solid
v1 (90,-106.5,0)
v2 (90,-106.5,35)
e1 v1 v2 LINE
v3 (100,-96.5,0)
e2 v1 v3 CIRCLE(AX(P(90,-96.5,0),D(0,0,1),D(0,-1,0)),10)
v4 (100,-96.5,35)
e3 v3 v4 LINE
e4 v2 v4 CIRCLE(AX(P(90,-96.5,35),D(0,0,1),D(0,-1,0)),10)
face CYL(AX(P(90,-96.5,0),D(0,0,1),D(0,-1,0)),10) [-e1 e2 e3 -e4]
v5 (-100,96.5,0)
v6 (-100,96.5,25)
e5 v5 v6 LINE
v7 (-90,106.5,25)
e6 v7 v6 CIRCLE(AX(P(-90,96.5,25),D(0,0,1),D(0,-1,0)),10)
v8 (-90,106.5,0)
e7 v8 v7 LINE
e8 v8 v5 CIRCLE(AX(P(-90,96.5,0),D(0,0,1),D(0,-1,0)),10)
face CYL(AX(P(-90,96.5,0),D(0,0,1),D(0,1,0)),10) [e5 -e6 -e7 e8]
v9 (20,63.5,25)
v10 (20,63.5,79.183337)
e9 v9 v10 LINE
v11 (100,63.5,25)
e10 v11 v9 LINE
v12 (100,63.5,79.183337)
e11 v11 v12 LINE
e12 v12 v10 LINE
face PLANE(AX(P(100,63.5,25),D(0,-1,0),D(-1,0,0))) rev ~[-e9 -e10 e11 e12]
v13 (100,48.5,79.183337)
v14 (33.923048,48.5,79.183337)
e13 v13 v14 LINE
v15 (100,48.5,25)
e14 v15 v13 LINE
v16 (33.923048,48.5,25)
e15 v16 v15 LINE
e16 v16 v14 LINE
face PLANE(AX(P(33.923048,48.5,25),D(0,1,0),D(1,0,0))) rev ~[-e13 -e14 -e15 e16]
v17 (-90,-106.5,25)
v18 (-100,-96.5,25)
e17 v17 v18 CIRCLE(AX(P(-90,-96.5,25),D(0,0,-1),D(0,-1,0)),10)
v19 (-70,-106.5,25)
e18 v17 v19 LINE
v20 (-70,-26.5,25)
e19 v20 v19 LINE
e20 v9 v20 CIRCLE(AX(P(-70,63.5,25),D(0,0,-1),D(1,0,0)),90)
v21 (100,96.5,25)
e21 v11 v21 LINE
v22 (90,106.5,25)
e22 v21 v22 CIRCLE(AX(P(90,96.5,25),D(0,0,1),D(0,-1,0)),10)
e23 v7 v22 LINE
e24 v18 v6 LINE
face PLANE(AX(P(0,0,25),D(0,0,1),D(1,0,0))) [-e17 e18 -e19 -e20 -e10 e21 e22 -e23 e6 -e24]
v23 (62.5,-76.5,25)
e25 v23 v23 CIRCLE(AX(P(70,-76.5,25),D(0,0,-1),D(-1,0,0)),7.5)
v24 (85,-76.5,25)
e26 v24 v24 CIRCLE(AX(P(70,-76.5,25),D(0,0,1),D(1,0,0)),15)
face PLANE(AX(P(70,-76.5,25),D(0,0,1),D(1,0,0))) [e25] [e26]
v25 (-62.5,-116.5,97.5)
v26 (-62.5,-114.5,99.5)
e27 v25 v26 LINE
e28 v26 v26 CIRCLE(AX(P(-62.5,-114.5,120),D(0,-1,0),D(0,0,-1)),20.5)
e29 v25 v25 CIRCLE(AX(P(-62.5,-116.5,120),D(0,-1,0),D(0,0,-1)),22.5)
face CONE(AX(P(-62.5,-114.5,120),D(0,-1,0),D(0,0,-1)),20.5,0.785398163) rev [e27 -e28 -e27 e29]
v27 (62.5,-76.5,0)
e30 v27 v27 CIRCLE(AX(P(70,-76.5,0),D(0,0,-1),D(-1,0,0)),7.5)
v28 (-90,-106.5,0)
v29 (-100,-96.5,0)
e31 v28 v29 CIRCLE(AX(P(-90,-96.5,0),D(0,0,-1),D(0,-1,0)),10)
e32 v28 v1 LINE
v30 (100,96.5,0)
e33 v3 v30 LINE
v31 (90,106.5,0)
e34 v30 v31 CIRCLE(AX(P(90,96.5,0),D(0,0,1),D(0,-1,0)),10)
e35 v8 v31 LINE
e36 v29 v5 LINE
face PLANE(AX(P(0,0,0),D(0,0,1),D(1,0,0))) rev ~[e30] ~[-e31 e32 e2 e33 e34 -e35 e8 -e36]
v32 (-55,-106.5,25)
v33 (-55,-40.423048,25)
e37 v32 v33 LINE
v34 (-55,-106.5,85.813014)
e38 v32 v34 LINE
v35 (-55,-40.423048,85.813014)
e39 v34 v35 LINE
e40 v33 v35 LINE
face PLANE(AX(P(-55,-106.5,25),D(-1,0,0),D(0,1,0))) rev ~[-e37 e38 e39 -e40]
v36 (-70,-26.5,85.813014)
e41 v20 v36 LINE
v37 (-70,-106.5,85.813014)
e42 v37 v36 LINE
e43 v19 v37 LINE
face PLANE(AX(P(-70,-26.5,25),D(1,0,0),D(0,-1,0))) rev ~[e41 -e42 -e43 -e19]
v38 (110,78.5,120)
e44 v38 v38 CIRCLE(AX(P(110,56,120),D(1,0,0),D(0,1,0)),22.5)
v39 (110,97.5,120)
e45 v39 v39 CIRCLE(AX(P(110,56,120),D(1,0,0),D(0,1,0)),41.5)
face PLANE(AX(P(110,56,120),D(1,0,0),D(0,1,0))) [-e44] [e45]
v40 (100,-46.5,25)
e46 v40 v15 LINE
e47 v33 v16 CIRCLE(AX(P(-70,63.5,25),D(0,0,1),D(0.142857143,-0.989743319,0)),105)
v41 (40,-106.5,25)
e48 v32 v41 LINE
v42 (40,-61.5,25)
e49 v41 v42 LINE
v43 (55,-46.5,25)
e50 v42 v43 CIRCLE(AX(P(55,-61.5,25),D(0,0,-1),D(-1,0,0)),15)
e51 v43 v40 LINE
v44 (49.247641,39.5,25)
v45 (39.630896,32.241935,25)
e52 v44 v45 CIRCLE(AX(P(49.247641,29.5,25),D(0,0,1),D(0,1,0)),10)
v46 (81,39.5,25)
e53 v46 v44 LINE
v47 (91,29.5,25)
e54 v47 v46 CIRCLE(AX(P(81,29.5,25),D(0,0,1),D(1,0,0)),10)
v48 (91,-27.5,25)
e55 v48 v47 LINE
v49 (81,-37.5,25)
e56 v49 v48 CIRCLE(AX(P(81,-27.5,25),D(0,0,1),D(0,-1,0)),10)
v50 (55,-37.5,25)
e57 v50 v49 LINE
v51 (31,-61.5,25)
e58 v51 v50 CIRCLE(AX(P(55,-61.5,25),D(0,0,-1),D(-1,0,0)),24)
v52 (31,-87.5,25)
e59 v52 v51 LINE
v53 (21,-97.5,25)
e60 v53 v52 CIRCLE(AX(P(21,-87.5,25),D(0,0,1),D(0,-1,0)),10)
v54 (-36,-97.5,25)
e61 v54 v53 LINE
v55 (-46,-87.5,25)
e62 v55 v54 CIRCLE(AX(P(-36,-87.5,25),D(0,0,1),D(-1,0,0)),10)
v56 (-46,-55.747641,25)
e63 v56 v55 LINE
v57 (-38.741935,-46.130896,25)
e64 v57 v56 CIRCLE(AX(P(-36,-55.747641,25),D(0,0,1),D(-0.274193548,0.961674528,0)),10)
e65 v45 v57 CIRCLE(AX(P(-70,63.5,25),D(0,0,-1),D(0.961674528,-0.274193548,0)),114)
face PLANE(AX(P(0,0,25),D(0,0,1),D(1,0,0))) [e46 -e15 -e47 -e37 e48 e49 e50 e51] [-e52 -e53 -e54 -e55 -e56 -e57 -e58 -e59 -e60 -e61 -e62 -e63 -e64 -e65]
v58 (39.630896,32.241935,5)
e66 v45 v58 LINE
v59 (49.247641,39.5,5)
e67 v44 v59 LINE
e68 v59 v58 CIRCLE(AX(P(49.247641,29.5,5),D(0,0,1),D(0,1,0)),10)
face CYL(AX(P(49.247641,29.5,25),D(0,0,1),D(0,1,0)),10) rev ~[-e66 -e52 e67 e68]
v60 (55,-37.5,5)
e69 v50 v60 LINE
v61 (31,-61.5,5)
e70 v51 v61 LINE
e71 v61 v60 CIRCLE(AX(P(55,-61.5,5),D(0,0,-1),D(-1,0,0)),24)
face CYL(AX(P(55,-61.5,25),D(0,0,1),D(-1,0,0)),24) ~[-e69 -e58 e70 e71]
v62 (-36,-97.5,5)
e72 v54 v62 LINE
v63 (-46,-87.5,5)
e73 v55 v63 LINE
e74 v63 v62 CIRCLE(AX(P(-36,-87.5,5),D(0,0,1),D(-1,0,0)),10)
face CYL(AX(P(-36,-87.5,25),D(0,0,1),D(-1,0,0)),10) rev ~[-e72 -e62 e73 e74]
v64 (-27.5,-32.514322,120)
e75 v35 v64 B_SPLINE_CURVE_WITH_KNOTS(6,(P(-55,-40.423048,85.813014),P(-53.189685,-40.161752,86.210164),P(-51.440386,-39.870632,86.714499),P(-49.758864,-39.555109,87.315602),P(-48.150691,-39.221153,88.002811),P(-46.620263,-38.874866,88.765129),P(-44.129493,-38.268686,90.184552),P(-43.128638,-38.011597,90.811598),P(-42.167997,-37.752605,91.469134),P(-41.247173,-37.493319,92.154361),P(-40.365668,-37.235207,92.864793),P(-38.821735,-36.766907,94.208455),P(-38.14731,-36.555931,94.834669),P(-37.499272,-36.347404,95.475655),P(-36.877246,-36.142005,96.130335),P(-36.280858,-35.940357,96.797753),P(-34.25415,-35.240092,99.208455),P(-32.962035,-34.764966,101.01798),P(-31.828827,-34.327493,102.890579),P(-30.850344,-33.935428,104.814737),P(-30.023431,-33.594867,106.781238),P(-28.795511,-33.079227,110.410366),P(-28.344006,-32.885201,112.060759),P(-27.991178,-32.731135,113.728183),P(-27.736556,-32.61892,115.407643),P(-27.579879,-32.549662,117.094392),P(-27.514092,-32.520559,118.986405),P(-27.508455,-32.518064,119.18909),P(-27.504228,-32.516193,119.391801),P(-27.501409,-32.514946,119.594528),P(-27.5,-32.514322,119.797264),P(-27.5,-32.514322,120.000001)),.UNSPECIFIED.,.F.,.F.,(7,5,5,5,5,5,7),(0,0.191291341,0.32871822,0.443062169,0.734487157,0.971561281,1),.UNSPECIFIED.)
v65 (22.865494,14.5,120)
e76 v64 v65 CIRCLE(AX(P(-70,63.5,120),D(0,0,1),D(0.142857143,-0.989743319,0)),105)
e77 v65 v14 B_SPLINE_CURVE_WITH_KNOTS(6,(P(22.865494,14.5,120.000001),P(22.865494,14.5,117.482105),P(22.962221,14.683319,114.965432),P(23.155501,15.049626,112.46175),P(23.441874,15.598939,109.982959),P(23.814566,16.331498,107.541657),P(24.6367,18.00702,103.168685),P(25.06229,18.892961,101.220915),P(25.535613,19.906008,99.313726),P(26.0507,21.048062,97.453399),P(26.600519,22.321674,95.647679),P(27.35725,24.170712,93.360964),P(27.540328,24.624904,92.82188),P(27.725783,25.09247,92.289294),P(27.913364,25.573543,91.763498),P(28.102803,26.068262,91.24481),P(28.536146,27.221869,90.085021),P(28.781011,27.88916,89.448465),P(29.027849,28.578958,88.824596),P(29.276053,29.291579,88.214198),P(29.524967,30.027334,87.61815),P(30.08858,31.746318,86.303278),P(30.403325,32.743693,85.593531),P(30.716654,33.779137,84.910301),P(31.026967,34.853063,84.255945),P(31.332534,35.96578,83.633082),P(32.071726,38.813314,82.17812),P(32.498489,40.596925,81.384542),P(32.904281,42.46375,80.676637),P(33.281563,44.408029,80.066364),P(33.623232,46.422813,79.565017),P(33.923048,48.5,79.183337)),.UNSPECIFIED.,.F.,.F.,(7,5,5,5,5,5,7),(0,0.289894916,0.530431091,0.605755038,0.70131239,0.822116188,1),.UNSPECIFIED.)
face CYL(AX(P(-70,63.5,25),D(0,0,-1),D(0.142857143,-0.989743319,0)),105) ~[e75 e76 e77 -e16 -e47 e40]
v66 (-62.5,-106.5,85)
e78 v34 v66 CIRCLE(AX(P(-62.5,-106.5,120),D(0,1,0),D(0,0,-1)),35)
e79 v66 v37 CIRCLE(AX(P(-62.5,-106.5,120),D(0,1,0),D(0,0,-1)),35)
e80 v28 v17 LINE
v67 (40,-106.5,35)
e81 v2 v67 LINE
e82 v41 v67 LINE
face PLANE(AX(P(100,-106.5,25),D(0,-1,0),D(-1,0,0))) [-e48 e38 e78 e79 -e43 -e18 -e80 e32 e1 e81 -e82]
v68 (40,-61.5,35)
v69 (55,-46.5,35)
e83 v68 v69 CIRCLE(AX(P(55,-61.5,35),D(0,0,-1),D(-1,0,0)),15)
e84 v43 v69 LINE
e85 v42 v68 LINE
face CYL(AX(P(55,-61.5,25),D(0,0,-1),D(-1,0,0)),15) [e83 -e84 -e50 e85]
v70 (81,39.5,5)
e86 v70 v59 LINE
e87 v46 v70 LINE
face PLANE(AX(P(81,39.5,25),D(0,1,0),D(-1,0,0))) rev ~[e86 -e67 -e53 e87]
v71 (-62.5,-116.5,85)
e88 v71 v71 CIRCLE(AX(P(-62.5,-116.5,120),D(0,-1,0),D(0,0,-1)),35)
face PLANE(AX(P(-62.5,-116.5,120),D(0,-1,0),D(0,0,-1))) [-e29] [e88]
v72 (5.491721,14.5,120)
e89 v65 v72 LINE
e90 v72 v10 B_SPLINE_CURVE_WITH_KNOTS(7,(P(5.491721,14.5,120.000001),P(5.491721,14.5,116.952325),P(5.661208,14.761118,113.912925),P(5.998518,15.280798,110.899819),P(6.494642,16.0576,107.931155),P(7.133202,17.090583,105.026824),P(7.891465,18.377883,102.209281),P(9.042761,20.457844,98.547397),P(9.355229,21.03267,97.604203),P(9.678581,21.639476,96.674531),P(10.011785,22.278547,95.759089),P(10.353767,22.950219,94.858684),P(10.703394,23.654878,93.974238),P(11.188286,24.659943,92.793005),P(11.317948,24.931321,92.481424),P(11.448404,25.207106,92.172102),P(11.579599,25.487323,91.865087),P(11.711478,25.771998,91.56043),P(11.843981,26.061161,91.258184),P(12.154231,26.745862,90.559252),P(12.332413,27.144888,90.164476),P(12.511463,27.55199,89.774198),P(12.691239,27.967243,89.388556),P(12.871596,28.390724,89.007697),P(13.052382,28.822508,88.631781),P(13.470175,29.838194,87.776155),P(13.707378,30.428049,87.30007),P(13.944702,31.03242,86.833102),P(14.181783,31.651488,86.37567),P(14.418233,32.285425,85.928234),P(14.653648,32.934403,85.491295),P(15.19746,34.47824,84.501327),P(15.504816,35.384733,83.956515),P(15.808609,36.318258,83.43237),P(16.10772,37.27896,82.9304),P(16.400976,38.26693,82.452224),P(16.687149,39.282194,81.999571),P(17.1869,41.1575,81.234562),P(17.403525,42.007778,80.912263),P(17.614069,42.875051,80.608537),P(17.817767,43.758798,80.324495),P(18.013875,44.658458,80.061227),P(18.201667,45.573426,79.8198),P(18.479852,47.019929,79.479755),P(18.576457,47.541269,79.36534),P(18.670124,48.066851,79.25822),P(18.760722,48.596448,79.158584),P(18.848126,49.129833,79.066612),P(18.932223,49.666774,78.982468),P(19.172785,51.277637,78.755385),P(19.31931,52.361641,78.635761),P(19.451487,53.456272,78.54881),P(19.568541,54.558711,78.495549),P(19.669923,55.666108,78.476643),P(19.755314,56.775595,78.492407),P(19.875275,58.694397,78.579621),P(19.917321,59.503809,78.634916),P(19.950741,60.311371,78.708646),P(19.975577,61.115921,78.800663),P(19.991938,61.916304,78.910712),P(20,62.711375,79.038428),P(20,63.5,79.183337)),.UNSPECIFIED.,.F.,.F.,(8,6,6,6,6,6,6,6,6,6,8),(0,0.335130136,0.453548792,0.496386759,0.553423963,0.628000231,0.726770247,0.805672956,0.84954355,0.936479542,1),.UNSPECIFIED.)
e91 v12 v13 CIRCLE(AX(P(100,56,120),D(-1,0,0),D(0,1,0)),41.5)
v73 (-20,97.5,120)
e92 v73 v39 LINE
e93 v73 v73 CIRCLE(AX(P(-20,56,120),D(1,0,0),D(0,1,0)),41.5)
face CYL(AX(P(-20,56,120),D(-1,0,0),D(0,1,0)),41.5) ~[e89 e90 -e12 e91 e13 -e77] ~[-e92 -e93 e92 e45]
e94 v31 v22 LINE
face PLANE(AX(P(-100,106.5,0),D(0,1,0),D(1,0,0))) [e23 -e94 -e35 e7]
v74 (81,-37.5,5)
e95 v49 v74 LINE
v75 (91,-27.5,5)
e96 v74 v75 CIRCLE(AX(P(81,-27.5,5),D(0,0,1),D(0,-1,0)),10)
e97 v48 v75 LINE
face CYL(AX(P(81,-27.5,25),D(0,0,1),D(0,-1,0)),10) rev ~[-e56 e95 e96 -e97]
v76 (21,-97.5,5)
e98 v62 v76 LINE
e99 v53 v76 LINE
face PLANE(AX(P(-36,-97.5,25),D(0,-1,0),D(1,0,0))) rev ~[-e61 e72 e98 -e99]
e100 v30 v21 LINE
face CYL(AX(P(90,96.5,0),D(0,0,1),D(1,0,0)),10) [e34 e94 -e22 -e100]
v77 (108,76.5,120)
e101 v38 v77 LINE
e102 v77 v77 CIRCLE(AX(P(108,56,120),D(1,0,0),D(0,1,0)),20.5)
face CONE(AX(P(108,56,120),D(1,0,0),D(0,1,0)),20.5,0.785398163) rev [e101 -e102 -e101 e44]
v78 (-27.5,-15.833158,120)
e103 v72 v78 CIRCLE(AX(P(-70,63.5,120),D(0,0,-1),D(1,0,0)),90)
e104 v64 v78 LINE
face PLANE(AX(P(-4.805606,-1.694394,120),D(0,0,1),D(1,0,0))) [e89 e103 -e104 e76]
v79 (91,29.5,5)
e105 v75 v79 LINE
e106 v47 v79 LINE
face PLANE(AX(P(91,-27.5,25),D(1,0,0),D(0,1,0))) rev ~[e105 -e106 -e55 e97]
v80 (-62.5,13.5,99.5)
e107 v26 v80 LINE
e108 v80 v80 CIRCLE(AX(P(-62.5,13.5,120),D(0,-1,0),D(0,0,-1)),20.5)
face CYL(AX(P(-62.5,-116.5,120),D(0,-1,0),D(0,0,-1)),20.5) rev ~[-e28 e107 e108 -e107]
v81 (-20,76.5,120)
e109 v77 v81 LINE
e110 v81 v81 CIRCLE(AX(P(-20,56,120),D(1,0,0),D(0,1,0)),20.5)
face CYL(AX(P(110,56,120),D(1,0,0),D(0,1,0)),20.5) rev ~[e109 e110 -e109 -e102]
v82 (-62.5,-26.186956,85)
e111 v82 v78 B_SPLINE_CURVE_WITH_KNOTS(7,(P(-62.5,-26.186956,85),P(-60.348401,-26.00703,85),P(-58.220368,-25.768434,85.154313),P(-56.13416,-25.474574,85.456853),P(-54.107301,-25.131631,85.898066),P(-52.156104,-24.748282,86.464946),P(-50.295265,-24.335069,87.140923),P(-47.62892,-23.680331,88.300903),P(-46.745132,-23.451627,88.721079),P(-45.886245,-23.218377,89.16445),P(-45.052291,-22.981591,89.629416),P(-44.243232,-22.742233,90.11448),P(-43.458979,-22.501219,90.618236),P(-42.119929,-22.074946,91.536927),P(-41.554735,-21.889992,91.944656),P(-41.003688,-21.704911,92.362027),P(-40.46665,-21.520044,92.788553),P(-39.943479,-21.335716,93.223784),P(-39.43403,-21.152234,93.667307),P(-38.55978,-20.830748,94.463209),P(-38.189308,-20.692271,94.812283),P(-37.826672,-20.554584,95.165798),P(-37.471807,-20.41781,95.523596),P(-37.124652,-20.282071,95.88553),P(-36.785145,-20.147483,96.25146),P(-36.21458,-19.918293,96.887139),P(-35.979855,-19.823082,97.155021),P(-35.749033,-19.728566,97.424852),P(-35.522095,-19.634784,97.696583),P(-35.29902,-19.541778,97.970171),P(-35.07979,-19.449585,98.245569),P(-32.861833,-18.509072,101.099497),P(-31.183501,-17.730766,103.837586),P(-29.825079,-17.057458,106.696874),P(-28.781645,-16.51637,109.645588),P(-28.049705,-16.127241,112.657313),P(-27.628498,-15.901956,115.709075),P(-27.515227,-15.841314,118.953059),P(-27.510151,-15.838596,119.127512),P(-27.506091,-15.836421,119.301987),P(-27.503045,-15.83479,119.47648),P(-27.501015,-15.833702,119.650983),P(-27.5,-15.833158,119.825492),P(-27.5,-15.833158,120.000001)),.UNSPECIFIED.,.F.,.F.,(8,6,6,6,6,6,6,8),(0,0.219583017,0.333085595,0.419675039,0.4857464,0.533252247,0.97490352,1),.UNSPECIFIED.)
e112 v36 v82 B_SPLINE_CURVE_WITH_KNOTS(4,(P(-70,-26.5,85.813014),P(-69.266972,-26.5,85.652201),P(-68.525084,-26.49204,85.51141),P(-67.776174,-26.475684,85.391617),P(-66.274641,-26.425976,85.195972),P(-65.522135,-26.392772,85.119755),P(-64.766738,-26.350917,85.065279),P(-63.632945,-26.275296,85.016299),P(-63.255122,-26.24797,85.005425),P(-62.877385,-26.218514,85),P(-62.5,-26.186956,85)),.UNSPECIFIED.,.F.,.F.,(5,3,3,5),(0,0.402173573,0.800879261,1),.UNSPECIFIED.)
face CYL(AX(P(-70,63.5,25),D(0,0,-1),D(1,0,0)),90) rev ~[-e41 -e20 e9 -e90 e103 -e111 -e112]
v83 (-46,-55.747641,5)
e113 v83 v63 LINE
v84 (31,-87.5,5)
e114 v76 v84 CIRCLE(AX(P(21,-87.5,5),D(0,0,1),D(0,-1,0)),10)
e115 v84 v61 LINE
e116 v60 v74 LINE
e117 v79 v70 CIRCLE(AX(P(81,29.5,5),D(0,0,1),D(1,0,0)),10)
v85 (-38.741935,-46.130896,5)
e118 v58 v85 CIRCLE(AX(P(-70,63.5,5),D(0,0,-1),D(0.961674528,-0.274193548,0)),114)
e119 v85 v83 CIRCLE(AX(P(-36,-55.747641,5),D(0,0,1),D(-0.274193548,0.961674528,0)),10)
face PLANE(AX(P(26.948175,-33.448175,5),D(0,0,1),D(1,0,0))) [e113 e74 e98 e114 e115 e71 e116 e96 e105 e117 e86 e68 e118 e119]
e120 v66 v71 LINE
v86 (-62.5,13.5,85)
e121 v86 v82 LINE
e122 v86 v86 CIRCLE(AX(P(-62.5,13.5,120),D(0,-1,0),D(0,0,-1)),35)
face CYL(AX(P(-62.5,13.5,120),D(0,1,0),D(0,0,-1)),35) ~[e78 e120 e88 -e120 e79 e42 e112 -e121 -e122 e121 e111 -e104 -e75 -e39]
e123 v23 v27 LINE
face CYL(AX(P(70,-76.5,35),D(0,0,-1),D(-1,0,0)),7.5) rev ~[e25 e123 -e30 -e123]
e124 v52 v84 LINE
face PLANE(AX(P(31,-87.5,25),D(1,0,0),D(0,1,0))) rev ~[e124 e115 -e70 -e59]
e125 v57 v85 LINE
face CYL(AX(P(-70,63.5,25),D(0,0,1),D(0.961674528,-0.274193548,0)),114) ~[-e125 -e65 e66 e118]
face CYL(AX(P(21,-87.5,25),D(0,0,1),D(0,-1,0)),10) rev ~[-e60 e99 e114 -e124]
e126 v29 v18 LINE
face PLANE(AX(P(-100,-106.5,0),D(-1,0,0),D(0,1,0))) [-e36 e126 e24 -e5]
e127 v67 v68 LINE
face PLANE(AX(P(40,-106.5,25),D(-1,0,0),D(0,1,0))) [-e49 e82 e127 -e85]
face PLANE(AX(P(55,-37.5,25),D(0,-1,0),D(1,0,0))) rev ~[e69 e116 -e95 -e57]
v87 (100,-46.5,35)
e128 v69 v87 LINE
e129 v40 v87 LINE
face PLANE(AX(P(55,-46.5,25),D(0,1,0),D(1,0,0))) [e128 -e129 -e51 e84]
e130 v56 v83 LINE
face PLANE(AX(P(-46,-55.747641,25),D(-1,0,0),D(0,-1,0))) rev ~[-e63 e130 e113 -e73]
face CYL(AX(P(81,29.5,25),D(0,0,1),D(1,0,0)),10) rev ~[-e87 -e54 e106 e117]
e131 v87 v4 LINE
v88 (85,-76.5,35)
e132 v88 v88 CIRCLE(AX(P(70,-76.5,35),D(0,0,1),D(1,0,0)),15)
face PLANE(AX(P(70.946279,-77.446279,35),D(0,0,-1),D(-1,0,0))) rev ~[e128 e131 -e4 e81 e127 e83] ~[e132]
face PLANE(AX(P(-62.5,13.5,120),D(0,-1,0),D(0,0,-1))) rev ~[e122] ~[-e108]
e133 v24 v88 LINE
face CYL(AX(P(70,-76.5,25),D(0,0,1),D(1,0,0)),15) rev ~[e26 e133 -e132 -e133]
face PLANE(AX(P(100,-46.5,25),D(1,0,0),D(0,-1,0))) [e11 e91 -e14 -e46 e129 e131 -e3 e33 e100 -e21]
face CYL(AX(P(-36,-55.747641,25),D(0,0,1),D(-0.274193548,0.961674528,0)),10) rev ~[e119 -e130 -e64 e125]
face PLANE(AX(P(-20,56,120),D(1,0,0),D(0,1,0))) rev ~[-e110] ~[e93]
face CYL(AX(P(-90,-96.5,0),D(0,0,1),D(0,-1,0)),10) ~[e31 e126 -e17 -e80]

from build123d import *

# Parameters (mm, degrees)
SKETCH1_W                               = 200
SKETCH1_H                               = 213
BOSS_EXTRUDE1_DEPTH                     = 25
BOSS_EXTRUDE2_DEPTH                     = 10
FILLET1_R                               = 10
EXTRUDE_THIN1_DEPTH                     = 95
BOSS_EXTRUDE3_DEPTH                     = 10
BOSS_EXTRUDE3_DEPTH_BACK                = 120
SKETCH5_R                               = 35
BOSS_EXTRUDE4_DEPTH                     = 10
BOSS_EXTRUDE4_DEPTH_BACK                = 120
SKETCH6_R                               = 41.5
CUT_EXTRUDE1_REACH                      = 298.498
SKETCH7_R                               = 20.5
CUT_EXTRUDE2_REACH                      = 291.404
SKETCH8_R                               = 20.5
CHAMFER1_SIZE                           = 2
CUT_EXTRUDE3_DEPTH                      = 20
CBORE_FOR_M8_HEX_HEAD_BOLT1_D           = 15
CBORE_FOR_M8_HEX_HEAD_BOLT1_CBORE_D     = 30
CBORE_FOR_M8_HEX_HEAD_BOLT1_CBORE_DEPTH = 10


with BuildPart() as part:
    # Sketch1 → Boss-Extrude1 (new body)
    with BuildSketch(Plane.XY):
        Rectangle(SKETCH1_W, SKETCH1_H)
    extrude(amount=BOSS_EXTRUDE1_DEPTH)

    # Sketch3 → Boss-Extrude2 (add)
    with BuildSketch(Plane.XY.offset(25)):
        with BuildLine():
            Line((100, -106.5), (40, -106.5))
            Line((40, -106.5), (40, -61.5))
            ThreePointArc((40, -61.5), (44.393398282, -50.893398282), (55, -46.5))
            Line((55, -46.5), (100, -46.5))
            Line((100, -46.5), (100, -106.5))
        make_face()
    extrude(amount=BOSS_EXTRUDE2_DEPTH)

    # Fillet1
    fillet1_edges = [part.edges().sort_by_distance(p)[0] for p in [
        (100, -106.5, 17.5),
        (-100, -106.5, 12.5),
        (-100, 106.5, 12.5),
        (100, 106.5, 12.5),
    ]]
    fillet(fillet1_edges, radius=FILLET1_R)

    # Sketch4 → Extrude-Thin1 (add)
    with BuildSketch(Plane.XY.offset(25)):
        with BuildLine():
            Line((100, 63.5), (20, 63.5))
            ThreePointArc((20, 63.5), (-6.360389693, -0.139610307), (-70, -26.5))
            Line((-70, -26.5), (-70, -106.5))
            Line((-70, -106.5), (-60, -106.5))
            Line((-60, -106.5), (-60, -35.998743711))
            ThreePointArc((-60, -35.998743711), (0.710678119, -7.210678119), (29.498743711, 53.5))
            Line((29.498743711, 53.5), (100, 53.5))
            Line((100, 53.5), (100, 63.5))
        make_face()
        with BuildLine():
            Line((-55, -106.5), (-55, -40.423048454))
            ThreePointArc((-55, -40.423048454), (4.246212025, -10.746212025), (33.923048454, 48.5))
            Line((33.923048454, 48.5), (100, 48.5))
            Line((100, 48.5), (100, 58.5))
            Line((100, 58.5), (24.868329805, 58.5))
            ThreePointArc((24.868329805, 58.5), (-2.824855787, -3.675144213), (-65, -31.368329805))
            Line((-65, -31.368329805), (-65, -106.5))
            Line((-65, -106.5), (-55, -106.5))
        make_face()
    extrude(amount=EXTRUDE_THIN1_DEPTH)

    # Sketch5 → Boss-Extrude3 (add, two sides: drawn at the far end of the back side and taken through both)
    with BuildSketch(Plane.XZ.offset(106.5).offset(-BOSS_EXTRUDE3_DEPTH_BACK)):
        with Locations(Location((-62.5, 120, 0), (0, 0, 270))):
            Circle(SKETCH5_R)
    extrude(amount=BOSS_EXTRUDE3_DEPTH + BOSS_EXTRUDE3_DEPTH_BACK)

    # Sketch6 → Boss-Extrude4 (add, two sides: drawn at the far end of the back side and taken through both)
    with BuildSketch(Plane(origin=(100, 0, 0), x_dir=(0, 0, -1), z_dir=(1, 0, 0)).offset(-BOSS_EXTRUDE4_DEPTH_BACK)):
        with Locations(Location((-120, 56, 0), (0, 0, 90))):
            Circle(SKETCH6_R)
    extrude(amount=BOSS_EXTRUDE4_DEPTH + BOSS_EXTRUDE4_DEPTH_BACK)

    # Sketch7 → Cut-Extrude1 (cut, up to next)
    with BuildSketch(Plane.XZ.offset(116.5), mode=Mode.PRIVATE) as cut_extrude1_sk1:
        with Locations(Location((-62.5, 120, 0), (0, 0, 270))):
            Circle(SKETCH7_R)
    cut_extrude1_tool1 = extrude(cut_extrude1_sk1.sketch, amount=-CUT_EXTRUDE1_REACH, mode=Mode.PRIVATE) & part.part
    add(cut_extrude1_tool1.solids().sort_by_distance((-62.5, -116.5, 120))[0], mode=Mode.SUBTRACT)

    # Sketch8 → Cut-Extrude2 (cut, up to next)
    with BuildSketch(Plane(origin=(110, 0, 0), x_dir=(0, 0, -1), z_dir=(1, 0, 0)), mode=Mode.PRIVATE) as cut_extrude2_sk1:
        with Locations(Location((-120, 56, 0), (0, 0, 90))):
            Circle(SKETCH8_R)
    cut_extrude2_tool1 = extrude(cut_extrude2_sk1.sketch, amount=-CUT_EXTRUDE2_REACH, mode=Mode.PRIVATE) & part.part
    add(cut_extrude2_tool1.solids().sort_by_distance((110, 56, 120))[0], mode=Mode.SUBTRACT)

    # Chamfer1
    chamfer1_edges = [part.edges().sort_by_distance(p)[0] for p in [
        (-62.5, -116.5, 140.5),
        (110, 35.5, 120),
    ]]
    chamfer(chamfer1_edges, length=CHAMFER1_SIZE)

    # Sketch9 → Cut-Extrude3 (cut)
    with BuildSketch(Plane.XY.offset(25)):
        with BuildLine():
            Line((-46, -55.747641486), (-46, -87.5))
            ThreePointArc((-46, -87.5), (-43.071067812, -94.571067812), (-36, -97.5))
            Line((-36, -97.5), (21, -97.5))
            ThreePointArc((21, -97.5), (28.071067812, -94.571067812), (31, -87.5))
            Line((31, -87.5), (31, -61.5))
            ThreePointArc((31, -61.5), (38.029437252, -44.529437252), (55, -37.5))
            Line((55, -37.5), (81, -37.5))
            ThreePointArc((81, -37.5), (88.071067812, -34.571067812), (91, -27.5))
            Line((91, -27.5), (91, 29.5))
            ThreePointArc((91, 29.5), (88.071067812, 36.571067812), (81, 39.5))
            Line((81, 39.5), (49.247641486, 39.5))
            ThreePointArc((49.247641486, 39.5), (43.223496519, 37.481834214), (39.630896205, 32.241935484))
            ThreePointArc((39.630896205, 32.241935484), (10.610173055, -17.110173055), (-38.741935484, -46.130896205))
            ThreePointArc((-38.741935484, -46.130896205), (-43.981834214, -49.723496519), (-46, -55.747641486))
        make_face()
    extrude(amount=-CUT_EXTRUDE3_DEPTH, mode=Mode.SUBTRACT)

    # CBORE for M8 Hex Head Bolt1 (through all)
    with Locations(Plane.XY.offset(35)):
        with Locations((70, -76.5)):
            CounterBoreHole(CBORE_FOR_M8_HEX_HEAD_BOLT1_D / 2, CBORE_FOR_M8_HEX_HEAD_BOLT1_CBORE_D / 2, CBORE_FOR_M8_HEX_HEAD_BOLT1_CBORE_DEPTH)


solid = part.part
